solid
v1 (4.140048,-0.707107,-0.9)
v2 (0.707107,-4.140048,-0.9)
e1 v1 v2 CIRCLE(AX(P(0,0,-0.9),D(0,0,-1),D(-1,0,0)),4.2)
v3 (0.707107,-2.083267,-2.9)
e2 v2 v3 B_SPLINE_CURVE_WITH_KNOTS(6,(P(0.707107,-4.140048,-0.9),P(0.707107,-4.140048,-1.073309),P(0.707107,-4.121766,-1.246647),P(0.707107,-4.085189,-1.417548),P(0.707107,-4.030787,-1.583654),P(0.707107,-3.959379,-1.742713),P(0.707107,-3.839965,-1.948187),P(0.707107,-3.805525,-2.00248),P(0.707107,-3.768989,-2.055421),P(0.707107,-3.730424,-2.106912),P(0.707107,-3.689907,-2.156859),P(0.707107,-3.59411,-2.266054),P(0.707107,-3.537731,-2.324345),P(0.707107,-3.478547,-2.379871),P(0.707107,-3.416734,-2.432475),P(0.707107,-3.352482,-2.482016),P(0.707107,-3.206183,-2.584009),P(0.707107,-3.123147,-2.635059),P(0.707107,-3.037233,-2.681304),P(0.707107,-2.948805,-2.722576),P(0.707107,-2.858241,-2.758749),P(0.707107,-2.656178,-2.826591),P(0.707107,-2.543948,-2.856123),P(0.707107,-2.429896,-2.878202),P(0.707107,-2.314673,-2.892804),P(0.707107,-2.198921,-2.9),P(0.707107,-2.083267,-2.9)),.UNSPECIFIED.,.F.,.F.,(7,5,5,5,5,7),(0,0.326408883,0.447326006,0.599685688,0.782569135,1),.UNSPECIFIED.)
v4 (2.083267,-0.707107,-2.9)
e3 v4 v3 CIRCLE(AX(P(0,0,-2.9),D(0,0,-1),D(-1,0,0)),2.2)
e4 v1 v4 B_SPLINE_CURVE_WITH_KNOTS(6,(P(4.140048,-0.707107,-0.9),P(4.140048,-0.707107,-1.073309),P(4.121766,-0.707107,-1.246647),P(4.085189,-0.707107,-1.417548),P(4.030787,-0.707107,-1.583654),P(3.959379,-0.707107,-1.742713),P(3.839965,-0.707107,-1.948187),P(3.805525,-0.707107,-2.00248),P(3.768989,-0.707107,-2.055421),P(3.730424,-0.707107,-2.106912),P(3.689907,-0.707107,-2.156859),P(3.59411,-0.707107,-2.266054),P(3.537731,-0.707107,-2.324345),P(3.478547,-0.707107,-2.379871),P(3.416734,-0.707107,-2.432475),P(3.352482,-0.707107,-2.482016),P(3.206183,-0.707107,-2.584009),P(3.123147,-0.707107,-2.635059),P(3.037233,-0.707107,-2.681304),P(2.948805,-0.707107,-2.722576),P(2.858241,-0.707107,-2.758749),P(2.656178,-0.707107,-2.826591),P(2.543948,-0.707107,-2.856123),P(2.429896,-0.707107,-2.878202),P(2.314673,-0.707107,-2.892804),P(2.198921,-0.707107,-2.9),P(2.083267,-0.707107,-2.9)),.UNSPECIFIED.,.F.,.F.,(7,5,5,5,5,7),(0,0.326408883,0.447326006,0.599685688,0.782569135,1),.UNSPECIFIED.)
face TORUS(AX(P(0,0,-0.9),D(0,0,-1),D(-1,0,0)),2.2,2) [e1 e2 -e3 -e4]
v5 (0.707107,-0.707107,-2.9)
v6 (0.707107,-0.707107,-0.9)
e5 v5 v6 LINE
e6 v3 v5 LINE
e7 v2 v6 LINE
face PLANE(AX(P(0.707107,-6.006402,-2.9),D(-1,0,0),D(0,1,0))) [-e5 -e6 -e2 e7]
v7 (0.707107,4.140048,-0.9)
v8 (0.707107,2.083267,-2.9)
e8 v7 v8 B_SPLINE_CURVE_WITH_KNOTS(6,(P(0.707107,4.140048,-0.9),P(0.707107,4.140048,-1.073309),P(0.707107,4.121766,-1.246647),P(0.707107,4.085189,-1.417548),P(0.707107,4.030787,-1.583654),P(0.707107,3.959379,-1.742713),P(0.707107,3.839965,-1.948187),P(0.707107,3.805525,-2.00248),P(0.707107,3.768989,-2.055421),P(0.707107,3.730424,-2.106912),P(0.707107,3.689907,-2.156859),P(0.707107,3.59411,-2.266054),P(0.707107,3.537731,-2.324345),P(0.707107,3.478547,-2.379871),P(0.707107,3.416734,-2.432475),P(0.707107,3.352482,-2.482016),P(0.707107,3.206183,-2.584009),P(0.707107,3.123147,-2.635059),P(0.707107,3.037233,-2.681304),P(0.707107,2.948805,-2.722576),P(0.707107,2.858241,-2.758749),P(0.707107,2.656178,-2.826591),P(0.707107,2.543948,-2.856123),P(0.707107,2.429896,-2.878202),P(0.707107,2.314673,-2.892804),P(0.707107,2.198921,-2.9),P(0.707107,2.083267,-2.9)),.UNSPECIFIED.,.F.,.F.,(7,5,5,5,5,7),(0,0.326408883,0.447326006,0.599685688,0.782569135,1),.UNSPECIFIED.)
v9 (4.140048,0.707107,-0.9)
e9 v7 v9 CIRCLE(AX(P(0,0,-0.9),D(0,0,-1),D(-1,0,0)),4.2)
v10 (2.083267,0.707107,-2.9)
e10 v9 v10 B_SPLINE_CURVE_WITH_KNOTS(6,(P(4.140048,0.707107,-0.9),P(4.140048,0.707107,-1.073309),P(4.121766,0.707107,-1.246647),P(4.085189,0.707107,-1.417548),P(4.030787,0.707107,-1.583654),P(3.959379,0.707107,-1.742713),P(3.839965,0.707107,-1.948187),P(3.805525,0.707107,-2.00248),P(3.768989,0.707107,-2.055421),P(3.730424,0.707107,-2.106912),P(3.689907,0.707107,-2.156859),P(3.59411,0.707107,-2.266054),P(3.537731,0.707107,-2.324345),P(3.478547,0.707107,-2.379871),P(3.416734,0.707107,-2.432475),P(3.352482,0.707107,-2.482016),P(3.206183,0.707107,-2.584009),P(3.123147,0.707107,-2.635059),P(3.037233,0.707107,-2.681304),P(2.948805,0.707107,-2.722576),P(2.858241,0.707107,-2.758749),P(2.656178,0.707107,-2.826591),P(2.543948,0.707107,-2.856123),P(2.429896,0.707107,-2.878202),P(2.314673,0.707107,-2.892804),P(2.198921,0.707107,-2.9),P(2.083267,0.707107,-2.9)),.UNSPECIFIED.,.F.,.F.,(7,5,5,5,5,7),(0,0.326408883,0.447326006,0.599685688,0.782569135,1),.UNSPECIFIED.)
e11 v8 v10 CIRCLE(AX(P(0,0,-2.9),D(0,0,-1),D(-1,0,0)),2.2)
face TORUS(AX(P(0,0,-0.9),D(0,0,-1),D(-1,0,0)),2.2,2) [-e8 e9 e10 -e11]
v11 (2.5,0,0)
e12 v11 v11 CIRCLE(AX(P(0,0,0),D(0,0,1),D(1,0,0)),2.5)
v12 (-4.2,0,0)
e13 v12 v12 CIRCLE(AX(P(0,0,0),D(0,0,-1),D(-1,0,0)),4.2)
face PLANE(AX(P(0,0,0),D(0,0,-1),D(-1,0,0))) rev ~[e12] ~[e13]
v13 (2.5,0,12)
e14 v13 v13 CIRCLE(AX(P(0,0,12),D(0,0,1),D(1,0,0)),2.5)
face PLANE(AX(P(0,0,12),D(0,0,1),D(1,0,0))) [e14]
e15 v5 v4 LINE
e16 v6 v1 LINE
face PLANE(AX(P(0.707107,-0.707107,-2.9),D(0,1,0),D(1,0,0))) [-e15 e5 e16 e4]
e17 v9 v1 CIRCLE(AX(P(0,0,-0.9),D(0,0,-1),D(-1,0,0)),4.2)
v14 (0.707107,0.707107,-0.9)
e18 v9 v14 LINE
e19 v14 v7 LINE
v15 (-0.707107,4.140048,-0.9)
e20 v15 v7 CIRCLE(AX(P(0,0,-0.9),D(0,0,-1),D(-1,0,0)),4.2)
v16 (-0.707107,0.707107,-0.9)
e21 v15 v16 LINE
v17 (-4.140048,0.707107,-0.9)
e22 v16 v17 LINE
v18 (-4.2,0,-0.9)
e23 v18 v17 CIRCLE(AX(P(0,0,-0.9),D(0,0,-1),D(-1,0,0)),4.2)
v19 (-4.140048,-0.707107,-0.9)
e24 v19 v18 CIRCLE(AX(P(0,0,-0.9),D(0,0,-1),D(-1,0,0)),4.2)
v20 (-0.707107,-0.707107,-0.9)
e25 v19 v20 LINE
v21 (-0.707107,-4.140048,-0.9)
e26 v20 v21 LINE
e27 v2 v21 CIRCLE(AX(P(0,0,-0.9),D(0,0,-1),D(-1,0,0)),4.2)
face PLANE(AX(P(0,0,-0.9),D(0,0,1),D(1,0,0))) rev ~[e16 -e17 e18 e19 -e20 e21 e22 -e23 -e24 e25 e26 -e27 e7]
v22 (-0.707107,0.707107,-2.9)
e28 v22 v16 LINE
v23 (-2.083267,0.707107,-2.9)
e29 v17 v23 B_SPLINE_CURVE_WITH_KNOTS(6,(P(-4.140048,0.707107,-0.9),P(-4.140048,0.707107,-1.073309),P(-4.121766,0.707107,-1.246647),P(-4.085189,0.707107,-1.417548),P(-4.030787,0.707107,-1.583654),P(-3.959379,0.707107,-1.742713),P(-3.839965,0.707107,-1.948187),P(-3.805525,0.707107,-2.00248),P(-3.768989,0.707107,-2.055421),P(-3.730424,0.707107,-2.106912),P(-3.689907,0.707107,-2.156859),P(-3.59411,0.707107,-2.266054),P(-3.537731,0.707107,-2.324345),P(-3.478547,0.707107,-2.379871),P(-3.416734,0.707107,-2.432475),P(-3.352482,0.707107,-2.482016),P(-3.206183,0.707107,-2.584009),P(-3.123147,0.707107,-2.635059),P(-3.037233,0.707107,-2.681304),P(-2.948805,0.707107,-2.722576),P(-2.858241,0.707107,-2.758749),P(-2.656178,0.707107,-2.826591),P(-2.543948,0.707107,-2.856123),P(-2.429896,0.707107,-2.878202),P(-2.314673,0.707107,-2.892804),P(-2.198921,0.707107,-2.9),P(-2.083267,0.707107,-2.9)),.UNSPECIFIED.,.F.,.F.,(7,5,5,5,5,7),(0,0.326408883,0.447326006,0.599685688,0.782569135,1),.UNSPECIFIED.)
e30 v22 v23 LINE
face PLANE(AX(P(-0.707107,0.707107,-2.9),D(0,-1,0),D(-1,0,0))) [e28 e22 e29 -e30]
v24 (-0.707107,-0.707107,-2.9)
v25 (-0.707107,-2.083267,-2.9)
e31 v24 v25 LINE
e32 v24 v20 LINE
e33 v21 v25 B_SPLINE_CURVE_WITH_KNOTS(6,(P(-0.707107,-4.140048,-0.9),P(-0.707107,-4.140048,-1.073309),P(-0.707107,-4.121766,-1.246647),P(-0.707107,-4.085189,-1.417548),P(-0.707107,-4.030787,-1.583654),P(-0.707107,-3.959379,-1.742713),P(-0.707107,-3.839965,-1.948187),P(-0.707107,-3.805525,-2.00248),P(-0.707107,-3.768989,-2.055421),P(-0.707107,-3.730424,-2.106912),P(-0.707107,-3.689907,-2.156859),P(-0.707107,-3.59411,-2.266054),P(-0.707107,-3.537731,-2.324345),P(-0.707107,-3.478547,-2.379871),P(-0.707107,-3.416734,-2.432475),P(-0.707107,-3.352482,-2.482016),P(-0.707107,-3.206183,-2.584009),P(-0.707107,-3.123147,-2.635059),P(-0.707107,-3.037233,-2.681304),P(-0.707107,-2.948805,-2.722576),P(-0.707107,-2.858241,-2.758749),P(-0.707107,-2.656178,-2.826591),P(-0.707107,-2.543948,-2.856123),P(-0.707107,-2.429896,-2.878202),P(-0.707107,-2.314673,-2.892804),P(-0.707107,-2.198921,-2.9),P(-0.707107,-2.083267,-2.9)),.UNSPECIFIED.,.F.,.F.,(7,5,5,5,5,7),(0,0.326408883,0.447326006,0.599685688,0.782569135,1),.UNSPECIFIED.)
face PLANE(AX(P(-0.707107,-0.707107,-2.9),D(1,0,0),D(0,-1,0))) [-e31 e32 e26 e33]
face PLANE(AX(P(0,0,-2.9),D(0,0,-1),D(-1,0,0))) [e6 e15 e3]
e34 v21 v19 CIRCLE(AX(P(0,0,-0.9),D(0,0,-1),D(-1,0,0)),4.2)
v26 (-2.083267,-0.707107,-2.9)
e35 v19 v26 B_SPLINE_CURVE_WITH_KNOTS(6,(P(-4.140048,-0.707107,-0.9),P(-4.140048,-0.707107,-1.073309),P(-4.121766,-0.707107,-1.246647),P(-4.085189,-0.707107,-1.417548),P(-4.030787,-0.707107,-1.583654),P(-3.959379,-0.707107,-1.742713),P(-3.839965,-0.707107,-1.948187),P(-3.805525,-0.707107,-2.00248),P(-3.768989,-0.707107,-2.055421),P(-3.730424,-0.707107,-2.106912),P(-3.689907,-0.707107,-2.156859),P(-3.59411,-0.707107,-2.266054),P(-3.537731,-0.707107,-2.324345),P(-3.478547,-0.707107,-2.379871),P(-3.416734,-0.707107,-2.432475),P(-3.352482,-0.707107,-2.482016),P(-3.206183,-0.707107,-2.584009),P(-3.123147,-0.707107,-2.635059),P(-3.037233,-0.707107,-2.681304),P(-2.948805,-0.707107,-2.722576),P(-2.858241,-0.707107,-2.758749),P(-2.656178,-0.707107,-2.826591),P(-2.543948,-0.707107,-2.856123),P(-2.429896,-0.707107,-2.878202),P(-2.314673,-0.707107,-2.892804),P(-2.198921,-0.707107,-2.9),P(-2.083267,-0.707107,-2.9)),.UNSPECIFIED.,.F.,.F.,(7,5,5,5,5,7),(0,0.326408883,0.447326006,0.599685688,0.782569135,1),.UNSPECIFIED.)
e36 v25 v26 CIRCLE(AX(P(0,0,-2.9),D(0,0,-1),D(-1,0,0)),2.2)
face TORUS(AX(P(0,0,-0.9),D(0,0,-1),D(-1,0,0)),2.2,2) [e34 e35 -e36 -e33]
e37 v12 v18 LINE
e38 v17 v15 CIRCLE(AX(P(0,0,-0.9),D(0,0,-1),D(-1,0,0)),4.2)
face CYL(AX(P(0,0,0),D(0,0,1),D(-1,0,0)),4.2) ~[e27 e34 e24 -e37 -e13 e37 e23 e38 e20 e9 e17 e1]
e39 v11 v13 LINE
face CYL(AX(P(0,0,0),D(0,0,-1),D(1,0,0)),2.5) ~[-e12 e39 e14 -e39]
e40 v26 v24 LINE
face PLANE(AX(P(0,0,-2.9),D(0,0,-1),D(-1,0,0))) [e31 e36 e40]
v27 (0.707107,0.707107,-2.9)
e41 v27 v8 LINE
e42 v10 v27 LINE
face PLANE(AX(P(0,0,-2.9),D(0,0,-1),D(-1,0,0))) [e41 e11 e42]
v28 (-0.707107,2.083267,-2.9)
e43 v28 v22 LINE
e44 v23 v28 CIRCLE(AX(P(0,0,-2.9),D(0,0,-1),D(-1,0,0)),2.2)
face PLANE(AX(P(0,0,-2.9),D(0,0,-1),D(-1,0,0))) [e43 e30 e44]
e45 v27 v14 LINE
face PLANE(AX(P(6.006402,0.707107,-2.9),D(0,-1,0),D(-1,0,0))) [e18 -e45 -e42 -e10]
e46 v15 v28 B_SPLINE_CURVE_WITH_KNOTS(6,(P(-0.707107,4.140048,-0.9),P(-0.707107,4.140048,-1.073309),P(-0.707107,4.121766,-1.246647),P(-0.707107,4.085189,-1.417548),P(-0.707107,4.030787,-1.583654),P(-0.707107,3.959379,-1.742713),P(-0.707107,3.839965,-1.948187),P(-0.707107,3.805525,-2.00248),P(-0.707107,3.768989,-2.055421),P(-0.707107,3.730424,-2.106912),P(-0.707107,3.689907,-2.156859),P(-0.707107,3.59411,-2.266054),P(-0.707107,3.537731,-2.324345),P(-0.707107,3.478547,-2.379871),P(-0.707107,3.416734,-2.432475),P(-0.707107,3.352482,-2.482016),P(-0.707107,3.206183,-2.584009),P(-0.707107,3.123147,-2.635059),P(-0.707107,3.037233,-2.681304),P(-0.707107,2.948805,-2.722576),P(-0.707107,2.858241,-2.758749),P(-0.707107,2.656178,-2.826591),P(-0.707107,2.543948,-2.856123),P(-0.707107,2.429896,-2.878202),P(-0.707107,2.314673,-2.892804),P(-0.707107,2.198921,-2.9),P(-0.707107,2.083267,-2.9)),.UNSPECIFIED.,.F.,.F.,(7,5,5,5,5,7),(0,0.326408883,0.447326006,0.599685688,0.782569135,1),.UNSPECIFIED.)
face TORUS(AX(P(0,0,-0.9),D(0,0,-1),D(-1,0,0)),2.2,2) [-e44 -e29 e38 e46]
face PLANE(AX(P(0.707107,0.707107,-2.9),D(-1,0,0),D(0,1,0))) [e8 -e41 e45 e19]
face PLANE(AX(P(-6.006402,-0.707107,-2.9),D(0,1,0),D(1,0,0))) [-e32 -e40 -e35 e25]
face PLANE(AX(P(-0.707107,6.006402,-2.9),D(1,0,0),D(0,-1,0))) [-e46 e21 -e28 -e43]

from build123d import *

# Parameters (mm, degrees)
SKETCH_1_R          = 2.5
EXTRUDE_1_DEPTH     = 12
SKETCH_2_R          = 4.2
EXTRUDE_2_DEPTH     = 2.9
FILLET_1_R          = 2
CUT_EXTRUDE_1_DEPTH = 2


with BuildPart() as part:
    # 草图1 → 凸台-拉伸1 (new body)
    with BuildSketch(Plane.XY):
        Circle(SKETCH_1_R)
    extrude(amount=EXTRUDE_1_DEPTH)

    # 草图2 → 凸台-拉伸2 (add)
    with BuildSketch(Plane(origin=(0, 0, 0), x_dir=(-1, 0, 0), z_dir=(0, 0, -1))):
        Circle(SKETCH_2_R)
    extrude(amount=EXTRUDE_2_DEPTH)

    # 圆角1
    fillet_1_edges = [part.edges().sort_by_distance(p)[0] for p in [
        (4.2, 0, -2.9),
    ]]
    fillet(fillet_1_edges, radius=FILLET_1_R)

    # 草图3 → 切除-拉伸1 (cut)
    with BuildSketch(Plane(origin=(0, 0, -2.9), x_dir=(-1, 0, 0), z_dir=(0, 0, -1))):
        Polygon((-0.707106781, 0.707106781), (-0.707106781, 6.006401657), (0.707106781, 6.006401657), (0.707106781, 0.707106781), (6.006401657, 0.707106781), (6.006401657, -0.707106781), (0.707106781, -0.707106781), (0.707106781, -6.006401657), (-0.707106781, -6.006401657), (-0.707106781, -0.707106781), (-6.006401657, -0.707106781), (-6.006401657, 0.707106781), align=None)
    extrude(amount=-CUT_EXTRUDE_1_DEPTH, mode=Mode.SUBTRACT)


solid = part.part
